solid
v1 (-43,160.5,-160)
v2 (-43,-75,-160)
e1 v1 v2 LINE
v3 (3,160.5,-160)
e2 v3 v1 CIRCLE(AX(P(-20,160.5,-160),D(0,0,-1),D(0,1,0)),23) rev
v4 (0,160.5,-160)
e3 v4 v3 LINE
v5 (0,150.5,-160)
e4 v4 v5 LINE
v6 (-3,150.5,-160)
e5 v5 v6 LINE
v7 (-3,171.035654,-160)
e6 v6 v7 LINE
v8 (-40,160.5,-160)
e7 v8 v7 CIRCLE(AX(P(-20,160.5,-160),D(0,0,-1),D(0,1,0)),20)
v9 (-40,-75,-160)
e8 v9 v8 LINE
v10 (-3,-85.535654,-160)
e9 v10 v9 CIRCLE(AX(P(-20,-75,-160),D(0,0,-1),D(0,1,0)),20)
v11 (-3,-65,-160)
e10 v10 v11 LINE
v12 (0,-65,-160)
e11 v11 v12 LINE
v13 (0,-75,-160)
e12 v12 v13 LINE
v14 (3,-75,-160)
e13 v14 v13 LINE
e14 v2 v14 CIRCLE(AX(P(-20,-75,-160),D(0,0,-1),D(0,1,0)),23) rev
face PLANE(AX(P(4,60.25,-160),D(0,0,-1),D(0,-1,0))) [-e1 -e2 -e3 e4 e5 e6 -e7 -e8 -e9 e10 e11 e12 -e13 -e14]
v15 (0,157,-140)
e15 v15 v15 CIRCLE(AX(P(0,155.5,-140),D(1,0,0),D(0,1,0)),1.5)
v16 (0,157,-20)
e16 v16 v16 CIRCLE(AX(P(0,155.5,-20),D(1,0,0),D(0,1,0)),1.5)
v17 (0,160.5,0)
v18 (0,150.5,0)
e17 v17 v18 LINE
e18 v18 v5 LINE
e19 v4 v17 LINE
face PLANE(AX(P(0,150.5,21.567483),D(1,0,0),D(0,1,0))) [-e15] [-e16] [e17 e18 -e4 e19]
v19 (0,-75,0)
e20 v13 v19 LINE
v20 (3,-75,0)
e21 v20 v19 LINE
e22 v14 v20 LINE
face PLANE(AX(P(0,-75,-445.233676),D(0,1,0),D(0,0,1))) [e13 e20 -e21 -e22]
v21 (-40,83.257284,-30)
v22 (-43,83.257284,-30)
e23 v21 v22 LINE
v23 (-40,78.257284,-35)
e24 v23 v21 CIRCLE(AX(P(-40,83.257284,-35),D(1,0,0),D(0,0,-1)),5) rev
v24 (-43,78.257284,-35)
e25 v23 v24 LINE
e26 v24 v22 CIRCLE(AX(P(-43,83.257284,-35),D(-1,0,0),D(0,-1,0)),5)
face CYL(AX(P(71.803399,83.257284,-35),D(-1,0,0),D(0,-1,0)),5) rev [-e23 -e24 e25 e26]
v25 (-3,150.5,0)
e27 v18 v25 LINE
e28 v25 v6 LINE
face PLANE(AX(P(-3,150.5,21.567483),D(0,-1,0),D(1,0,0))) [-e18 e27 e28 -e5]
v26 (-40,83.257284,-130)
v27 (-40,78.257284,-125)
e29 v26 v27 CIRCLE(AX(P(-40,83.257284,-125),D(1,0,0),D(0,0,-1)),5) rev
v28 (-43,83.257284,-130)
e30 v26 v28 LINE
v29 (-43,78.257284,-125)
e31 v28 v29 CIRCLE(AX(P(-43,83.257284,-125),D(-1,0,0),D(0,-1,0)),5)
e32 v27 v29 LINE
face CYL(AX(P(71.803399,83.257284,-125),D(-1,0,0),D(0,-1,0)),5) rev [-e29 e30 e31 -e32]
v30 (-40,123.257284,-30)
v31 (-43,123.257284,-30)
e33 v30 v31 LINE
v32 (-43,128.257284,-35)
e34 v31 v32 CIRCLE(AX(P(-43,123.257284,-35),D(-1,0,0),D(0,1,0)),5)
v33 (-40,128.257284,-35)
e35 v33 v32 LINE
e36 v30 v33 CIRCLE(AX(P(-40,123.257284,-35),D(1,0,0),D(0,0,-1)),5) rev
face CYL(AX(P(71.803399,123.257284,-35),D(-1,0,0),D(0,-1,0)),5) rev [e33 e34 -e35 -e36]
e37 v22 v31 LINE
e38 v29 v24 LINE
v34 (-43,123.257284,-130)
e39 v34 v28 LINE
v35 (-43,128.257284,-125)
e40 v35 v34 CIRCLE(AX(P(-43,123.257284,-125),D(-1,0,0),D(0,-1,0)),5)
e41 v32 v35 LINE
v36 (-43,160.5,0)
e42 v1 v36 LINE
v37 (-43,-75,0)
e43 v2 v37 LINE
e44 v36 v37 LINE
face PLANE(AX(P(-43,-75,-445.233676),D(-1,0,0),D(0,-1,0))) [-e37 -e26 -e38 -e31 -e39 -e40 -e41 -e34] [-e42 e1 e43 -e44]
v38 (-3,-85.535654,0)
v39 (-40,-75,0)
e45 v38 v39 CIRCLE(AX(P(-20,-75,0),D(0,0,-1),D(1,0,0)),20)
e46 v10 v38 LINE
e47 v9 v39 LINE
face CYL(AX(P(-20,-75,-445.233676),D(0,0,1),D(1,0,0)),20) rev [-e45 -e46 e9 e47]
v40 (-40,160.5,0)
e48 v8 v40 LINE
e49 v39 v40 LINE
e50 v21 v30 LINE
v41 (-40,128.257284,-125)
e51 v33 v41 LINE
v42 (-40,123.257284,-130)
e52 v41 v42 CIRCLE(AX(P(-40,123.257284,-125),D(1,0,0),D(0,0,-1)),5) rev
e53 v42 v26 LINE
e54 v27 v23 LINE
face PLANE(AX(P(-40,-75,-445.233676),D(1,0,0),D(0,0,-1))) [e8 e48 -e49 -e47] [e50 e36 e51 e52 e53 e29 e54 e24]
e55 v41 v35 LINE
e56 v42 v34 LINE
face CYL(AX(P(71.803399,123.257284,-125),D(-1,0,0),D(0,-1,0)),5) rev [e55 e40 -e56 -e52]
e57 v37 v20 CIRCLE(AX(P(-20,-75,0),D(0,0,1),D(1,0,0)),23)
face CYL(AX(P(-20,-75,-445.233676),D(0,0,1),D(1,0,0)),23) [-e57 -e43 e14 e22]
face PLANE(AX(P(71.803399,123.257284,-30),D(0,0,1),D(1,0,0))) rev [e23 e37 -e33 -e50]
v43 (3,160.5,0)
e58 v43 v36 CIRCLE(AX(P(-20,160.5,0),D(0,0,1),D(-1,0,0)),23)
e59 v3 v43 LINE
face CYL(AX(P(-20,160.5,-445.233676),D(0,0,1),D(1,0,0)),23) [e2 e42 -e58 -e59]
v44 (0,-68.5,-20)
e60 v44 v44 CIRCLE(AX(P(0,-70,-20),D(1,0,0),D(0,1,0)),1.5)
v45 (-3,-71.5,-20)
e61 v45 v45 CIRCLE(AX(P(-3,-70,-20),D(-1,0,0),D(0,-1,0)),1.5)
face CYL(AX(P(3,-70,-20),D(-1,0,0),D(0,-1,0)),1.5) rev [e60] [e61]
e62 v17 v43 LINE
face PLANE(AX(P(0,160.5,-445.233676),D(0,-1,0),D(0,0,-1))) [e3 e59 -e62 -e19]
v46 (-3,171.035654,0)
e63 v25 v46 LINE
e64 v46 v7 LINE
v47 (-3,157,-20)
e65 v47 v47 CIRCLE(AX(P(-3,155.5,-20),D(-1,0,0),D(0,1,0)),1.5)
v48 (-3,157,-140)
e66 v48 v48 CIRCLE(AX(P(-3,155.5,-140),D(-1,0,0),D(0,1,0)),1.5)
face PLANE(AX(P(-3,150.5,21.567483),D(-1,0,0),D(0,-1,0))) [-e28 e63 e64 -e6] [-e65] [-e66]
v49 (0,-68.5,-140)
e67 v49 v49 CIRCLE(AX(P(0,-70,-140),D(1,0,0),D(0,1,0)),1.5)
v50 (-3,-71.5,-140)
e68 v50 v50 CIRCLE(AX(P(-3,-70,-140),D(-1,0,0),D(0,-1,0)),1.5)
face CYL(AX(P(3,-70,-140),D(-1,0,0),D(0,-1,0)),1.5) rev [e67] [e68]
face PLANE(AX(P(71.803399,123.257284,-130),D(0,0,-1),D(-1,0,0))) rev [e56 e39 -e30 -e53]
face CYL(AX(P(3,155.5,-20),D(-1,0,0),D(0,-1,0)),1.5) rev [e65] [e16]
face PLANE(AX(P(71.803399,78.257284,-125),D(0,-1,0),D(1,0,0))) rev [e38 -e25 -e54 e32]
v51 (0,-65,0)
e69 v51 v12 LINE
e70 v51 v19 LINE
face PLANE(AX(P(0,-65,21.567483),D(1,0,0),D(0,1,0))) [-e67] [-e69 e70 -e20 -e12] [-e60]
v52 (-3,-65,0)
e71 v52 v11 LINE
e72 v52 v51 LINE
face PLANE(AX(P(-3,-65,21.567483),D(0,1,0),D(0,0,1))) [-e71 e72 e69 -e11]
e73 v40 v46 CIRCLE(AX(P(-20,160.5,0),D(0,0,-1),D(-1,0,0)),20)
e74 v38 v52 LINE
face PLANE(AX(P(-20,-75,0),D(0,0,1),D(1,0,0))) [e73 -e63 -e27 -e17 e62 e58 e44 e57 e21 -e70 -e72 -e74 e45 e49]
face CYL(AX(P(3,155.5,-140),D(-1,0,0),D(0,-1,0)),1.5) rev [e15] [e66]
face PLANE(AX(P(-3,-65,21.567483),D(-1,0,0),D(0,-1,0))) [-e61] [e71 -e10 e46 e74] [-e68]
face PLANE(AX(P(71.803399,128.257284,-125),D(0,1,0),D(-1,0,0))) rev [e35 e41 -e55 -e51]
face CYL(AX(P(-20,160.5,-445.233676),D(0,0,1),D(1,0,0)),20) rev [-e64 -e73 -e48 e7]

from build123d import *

# Parameters (mm, degrees)
BOSS_EXTRUDE1_DEPTH = 160
SKETCH5_W           = 3
SKETCH5_H           = 21.357816692
BOSS_EXTRUDE4_DEPTH = 160
SKETCH7_R           = 1.5
CUT_EXTRUDE2_DEPTH  = 7
CUT_EXTRUDE3_DEPTH  = 3


with BuildPart() as part:
    # Sketch1 → Boss-Extrude1 (new body)
    with BuildSketch(Plane.XY):
        with BuildLine():
            Line((-40, -75), (-40, 160.5))
            ThreePointArc((-40, 160.5), (-20, 180.5), (0, 160.5))
            Line((0, 160.5), (3, 160.5))
            ThreePointArc((3, 160.5), (-20, 183.5), (-43, 160.5))
            Line((-43, 160.5), (-43, -75))
            ThreePointArc((-43, -75), (-20, -98), (3, -75))
            Line((3, -75), (0, -75))
            ThreePointArc((0, -75), (-20, -95), (-40, -75))
        make_face()
    extrude(amount=-BOSS_EXTRUDE1_DEPTH)

    # Sketch5 → Boss-Extrude4 (add)
    with BuildSketch(Plane(origin=(0, 0, -160), x_dir=(-1, 0, 0), z_dir=(0, 0, -1))):
        with Locations((1.5, -75.678908346)):
            Rectangle(SKETCH5_W, SKETCH5_H)
        with Locations((1.5, 161.178908346)):
            Rectangle(SKETCH5_W, SKETCH5_H)
    extrude(amount=-BOSS_EXTRUDE4_DEPTH)

    # Sketch7 → Cut-Extrude2 (cut, through all)
    with BuildSketch(Plane.ZY.offset(3)):
        with Locations((-140, -70)):
            Circle(SKETCH7_R)
        with Locations((-20, -70)):
            Circle(SKETCH7_R)
        with Locations((-20, 155.5)):
            Circle(SKETCH7_R)
        with Locations((-140, 155.5)):
            Circle(SKETCH7_R)
    extrude(amount=-CUT_EXTRUDE2_DEPTH, mode=Mode.SUBTRACT)

    # Sketch8 → Cut-Extrude3 (cut)
    with BuildSketch(Plane.ZY.offset(43)):
        with BuildLine():
            Line((-125, 128.257283518), (-35, 128.257283518))
            ThreePointArc((-35, 128.257283518), (-31.464466094, 126.792817424), (-30, 123.257283518))
            Line((-30, 123.257283518), (-30, 83.257283518))
            ThreePointArc((-30, 83.257283518), (-31.464466094, 79.721749612), (-35, 78.257283518))
            Line((-35, 78.257283518), (-125, 78.257283518))
            ThreePointArc((-125, 78.257283518), (-128.535533906, 79.721749612), (-130, 83.257283518))
            Line((-130, 83.257283518), (-130, 123.257283518))
            ThreePointArc((-130, 123.257283518), (-128.535533906, 126.792817424), (-125, 128.257283518))
        make_face()
    extrude(amount=-CUT_EXTRUDE3_DEPTH, mode=Mode.SUBTRACT)


solid = part.part
